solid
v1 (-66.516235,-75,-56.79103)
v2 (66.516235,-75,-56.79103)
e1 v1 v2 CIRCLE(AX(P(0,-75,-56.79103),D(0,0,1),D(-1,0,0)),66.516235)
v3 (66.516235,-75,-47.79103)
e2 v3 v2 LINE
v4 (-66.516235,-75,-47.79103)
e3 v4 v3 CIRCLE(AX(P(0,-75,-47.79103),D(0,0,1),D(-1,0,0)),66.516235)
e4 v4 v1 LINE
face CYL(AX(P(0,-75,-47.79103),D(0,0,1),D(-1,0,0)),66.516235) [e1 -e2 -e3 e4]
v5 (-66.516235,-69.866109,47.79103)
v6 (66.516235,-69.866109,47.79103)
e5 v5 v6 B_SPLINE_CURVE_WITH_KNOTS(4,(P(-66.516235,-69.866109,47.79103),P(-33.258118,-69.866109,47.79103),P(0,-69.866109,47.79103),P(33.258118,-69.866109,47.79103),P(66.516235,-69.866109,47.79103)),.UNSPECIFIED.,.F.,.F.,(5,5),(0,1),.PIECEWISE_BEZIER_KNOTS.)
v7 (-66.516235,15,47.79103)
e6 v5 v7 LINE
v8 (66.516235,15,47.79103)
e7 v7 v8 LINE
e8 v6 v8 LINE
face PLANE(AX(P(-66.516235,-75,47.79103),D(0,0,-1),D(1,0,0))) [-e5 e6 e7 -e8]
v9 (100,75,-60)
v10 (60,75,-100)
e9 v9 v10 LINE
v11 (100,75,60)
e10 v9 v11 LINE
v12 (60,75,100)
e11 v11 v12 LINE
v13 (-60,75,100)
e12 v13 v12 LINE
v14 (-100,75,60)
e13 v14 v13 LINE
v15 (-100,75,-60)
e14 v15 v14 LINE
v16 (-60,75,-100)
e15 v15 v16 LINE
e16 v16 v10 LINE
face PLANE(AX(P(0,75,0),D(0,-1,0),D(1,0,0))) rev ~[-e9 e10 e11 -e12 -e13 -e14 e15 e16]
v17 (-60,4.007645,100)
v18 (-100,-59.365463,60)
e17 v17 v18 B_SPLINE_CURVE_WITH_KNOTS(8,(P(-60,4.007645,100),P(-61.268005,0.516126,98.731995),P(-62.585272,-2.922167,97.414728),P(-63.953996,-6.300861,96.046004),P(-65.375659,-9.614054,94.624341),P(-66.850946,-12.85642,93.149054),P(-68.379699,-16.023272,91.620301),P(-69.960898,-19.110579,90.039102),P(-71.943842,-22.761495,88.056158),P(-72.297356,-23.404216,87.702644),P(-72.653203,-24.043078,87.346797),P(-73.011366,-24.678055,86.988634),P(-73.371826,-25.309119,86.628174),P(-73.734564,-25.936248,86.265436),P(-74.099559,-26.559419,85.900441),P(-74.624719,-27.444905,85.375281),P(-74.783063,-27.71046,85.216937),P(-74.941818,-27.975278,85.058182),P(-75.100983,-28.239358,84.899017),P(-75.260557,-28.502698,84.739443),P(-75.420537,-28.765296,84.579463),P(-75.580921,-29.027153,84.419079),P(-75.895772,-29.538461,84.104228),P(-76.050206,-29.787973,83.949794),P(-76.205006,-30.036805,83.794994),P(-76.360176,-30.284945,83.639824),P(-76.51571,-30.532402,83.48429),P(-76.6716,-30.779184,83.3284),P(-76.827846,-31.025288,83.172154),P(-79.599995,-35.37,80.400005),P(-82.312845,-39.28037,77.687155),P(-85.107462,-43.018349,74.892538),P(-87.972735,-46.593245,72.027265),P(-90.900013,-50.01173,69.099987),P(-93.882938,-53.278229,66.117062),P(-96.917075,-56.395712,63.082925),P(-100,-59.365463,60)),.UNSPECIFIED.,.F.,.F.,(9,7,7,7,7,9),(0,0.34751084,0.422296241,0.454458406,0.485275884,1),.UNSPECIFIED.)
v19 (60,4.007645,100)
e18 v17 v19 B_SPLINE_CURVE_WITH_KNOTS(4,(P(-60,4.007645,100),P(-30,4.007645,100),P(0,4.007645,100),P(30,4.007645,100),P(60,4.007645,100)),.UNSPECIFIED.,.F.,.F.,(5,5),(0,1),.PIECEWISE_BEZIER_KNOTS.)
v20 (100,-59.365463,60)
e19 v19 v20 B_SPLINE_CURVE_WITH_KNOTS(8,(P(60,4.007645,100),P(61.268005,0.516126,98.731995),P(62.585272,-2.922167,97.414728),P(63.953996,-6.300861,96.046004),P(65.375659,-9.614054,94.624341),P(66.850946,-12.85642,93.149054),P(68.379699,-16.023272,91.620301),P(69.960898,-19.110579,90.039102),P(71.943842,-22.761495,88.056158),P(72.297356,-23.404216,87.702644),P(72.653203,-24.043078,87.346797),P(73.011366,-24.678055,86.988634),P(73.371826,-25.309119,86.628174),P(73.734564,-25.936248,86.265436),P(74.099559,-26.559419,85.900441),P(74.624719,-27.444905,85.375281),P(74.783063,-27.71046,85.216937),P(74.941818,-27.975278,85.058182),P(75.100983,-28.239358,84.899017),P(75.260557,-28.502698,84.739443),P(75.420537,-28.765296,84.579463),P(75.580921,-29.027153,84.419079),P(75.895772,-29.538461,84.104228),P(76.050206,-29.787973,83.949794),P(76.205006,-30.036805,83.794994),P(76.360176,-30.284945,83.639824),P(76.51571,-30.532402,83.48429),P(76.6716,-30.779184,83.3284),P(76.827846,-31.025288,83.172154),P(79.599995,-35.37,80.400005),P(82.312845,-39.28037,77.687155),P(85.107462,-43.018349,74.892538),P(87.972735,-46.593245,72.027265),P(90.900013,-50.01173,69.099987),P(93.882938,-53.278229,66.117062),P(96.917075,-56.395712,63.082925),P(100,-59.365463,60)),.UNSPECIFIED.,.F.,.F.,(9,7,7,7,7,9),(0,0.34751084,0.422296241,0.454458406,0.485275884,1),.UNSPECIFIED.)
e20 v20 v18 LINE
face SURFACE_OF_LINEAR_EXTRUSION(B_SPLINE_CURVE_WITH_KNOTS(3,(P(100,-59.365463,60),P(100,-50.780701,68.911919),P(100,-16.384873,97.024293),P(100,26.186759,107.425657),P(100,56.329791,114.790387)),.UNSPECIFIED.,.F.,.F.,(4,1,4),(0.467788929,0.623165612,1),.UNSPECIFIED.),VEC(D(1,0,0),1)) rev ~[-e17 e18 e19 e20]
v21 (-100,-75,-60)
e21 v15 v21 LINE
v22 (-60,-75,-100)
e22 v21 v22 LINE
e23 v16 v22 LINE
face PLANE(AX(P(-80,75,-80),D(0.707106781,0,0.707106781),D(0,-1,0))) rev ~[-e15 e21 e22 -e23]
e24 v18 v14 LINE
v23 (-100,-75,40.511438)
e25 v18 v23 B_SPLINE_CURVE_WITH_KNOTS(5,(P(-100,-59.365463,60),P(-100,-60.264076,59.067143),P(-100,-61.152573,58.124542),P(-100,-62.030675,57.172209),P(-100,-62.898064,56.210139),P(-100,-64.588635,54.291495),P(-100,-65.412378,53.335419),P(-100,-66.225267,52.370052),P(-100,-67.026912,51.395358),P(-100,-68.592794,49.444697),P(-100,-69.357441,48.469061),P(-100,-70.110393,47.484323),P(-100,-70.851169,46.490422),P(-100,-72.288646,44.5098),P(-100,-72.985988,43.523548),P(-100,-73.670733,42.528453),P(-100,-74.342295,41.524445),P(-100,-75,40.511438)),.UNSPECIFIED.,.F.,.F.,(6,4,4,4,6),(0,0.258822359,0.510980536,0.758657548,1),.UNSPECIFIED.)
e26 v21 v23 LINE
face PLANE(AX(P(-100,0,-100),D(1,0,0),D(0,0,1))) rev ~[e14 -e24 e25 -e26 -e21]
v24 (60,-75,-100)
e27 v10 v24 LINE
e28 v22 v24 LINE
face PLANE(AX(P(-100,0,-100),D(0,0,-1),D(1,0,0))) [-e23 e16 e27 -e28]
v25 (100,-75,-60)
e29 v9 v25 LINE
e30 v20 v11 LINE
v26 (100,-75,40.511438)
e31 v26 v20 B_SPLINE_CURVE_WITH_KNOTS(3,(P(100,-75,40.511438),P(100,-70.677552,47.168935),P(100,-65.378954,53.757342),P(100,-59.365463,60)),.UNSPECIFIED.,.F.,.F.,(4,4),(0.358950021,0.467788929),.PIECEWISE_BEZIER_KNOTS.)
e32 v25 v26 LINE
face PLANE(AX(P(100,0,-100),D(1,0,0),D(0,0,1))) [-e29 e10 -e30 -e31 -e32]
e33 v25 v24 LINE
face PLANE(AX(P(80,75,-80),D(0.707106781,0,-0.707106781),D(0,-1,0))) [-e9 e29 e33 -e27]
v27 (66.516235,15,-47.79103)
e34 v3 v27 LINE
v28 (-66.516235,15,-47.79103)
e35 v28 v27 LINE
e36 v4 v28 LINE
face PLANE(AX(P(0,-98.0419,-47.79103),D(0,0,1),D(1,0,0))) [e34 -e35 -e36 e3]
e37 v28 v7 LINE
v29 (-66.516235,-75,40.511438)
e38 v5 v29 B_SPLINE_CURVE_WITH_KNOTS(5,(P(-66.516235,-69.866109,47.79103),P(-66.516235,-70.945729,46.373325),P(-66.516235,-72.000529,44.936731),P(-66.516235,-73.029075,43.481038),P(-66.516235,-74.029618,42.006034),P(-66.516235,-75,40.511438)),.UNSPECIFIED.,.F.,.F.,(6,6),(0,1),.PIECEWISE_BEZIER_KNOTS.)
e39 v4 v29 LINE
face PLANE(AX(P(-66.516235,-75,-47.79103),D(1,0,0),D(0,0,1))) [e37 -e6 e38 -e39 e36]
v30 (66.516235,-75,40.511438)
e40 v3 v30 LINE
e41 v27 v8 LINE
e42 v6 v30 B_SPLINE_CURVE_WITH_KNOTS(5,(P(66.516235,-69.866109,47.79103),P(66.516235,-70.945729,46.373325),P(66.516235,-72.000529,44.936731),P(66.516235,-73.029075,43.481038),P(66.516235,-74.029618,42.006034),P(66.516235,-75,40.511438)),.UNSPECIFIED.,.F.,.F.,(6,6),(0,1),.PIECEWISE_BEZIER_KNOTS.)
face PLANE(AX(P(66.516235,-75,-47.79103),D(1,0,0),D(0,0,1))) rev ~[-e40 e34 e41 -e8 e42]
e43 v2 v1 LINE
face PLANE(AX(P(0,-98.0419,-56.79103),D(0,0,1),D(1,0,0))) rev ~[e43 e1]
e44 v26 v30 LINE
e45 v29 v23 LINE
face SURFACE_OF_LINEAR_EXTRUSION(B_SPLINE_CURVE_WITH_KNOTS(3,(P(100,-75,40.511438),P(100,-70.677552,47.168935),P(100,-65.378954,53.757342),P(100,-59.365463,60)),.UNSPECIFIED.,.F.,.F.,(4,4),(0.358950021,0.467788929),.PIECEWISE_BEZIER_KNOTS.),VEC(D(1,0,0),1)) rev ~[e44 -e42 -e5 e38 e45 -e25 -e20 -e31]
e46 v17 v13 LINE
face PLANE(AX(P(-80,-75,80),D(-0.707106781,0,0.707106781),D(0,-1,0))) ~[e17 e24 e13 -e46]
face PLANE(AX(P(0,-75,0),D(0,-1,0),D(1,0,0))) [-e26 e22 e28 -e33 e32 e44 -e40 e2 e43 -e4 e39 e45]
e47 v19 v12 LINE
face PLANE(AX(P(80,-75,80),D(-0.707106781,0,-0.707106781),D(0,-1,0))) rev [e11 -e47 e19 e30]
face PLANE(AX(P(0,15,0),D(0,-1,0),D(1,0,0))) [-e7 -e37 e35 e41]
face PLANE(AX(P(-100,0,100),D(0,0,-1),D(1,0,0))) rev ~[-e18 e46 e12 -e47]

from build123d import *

# Parameters (mm, degrees)
F0_W     = 200
F0_H     = 200
F1_DEPTH = 75
F2_SIZE  = 40
F3_W     = 133.0324709415
F3_H     = 95.5820605159
F4_DEPTH = 90
F6_DEPTH = 200.9
F8_DEPTH = 9


with BuildPart() as f1:
    # F0 (on Front) → F1 (new body, symmetric)
    with BuildSketch(Plane.XZ):
        Rectangle(F0_W, F0_H)
    extrude(amount=F1_DEPTH, both=True)

    # F2
    f2_edges = [f1.edges().sort_by_distance(p)[0] for p in [
        (100, 0, 100),
        (-100, 0, 100),
        (-100, 0, -100),
        (100, 0, -100),
    ]]
    chamfer(f2_edges, length=F2_SIZE)

    # F3 (on face) → F4 (cut)
    with BuildSketch(Plane.XZ.offset(75)):
        Rectangle(F3_W, F3_H)
    extrude(amount=-F4_DEPTH, mode=Mode.SUBTRACT)

    # F5 (on face) → F6 (cut)
    with BuildSketch(Plane.YZ.offset(100)):
        with BuildLine():
            Line((-95.2423661947, -20.9655482322), (-87.9932567477, -22.9425765574))
            add(Edge.make_bspline(
                [(-87.9932567477, -22.9425765574), (-88.9180534775, -7.4435947272), (-90.1399220102, 13.0341141319), (-78.4659039791, 35.1732019961), (-75, 40.5114376133)],
                knots=[0, 0, 0, 0, 0.2716788235, 0.3589500209, 0.3589500209, 0.3589500209, 0.3589500209], degree=3))
            Line((-75, 40.5114376133), (-75, 60))
            Line((-75, 60), (-59.3654634192, 60))
            add(Edge.make_bspline(
                [(-59.3654634192, 60), (-50.780700635, 68.9119189144), (-16.3848726556, 97.0242933868), (26.186759324, 107.4256565423), (56.3297905028, 114.7903874516)],
                knots=[0.4677889294, 0.4677889294, 0.4677889294, 0.4677889294, 0.6231656117, 1, 1, 1, 1], degree=3))
            Line((56.3297905028, 114.7903874516), (-23.4103426337, 159.6030145884))
            Line((-23.4103426337, 159.6030145884), (-86.6752415895, 159.6030145884))
            Line((-86.6752415895, 159.6030145884), (-134.7829252481, 0))
            Line((-134.7829252481, 0), (-95.2423661947, -20.9655482322))
        make_face()
        with BuildLine():
            Line((-75, 60), (-75, 40.5114376133))
            add(Edge.make_bspline(
                [(-75, 40.5114376133), (-70.6775520716, 47.1689346541), (-65.3789539733, 53.7573417509), (-59.3654634192, 60)],
                knots=[0.3589500209, 0.3589500209, 0.3589500209, 0.3589500209, 0.4677889294, 0.4677889294, 0.4677889294, 0.4677889294], degree=3))
            Line((-59.3654634192, 60), (-75, 60))
        make_face()
    extrude(amount=-F6_DEPTH, mode=Mode.SUBTRACT)

    # F7 (on face) → F8 (join)
    with BuildSketch(Plane.XY.offset(-47.7910302579)):
        with BuildLine():
            Line((66.5162354708, -75), (-66.5162354708, -75))
            ThreePointArc((-66.5162354708, -75), (0, -141.5162354708), (66.5162354708, -75))
        make_face()
    extrude(amount=-F8_DEPTH)


solid = f1.part
